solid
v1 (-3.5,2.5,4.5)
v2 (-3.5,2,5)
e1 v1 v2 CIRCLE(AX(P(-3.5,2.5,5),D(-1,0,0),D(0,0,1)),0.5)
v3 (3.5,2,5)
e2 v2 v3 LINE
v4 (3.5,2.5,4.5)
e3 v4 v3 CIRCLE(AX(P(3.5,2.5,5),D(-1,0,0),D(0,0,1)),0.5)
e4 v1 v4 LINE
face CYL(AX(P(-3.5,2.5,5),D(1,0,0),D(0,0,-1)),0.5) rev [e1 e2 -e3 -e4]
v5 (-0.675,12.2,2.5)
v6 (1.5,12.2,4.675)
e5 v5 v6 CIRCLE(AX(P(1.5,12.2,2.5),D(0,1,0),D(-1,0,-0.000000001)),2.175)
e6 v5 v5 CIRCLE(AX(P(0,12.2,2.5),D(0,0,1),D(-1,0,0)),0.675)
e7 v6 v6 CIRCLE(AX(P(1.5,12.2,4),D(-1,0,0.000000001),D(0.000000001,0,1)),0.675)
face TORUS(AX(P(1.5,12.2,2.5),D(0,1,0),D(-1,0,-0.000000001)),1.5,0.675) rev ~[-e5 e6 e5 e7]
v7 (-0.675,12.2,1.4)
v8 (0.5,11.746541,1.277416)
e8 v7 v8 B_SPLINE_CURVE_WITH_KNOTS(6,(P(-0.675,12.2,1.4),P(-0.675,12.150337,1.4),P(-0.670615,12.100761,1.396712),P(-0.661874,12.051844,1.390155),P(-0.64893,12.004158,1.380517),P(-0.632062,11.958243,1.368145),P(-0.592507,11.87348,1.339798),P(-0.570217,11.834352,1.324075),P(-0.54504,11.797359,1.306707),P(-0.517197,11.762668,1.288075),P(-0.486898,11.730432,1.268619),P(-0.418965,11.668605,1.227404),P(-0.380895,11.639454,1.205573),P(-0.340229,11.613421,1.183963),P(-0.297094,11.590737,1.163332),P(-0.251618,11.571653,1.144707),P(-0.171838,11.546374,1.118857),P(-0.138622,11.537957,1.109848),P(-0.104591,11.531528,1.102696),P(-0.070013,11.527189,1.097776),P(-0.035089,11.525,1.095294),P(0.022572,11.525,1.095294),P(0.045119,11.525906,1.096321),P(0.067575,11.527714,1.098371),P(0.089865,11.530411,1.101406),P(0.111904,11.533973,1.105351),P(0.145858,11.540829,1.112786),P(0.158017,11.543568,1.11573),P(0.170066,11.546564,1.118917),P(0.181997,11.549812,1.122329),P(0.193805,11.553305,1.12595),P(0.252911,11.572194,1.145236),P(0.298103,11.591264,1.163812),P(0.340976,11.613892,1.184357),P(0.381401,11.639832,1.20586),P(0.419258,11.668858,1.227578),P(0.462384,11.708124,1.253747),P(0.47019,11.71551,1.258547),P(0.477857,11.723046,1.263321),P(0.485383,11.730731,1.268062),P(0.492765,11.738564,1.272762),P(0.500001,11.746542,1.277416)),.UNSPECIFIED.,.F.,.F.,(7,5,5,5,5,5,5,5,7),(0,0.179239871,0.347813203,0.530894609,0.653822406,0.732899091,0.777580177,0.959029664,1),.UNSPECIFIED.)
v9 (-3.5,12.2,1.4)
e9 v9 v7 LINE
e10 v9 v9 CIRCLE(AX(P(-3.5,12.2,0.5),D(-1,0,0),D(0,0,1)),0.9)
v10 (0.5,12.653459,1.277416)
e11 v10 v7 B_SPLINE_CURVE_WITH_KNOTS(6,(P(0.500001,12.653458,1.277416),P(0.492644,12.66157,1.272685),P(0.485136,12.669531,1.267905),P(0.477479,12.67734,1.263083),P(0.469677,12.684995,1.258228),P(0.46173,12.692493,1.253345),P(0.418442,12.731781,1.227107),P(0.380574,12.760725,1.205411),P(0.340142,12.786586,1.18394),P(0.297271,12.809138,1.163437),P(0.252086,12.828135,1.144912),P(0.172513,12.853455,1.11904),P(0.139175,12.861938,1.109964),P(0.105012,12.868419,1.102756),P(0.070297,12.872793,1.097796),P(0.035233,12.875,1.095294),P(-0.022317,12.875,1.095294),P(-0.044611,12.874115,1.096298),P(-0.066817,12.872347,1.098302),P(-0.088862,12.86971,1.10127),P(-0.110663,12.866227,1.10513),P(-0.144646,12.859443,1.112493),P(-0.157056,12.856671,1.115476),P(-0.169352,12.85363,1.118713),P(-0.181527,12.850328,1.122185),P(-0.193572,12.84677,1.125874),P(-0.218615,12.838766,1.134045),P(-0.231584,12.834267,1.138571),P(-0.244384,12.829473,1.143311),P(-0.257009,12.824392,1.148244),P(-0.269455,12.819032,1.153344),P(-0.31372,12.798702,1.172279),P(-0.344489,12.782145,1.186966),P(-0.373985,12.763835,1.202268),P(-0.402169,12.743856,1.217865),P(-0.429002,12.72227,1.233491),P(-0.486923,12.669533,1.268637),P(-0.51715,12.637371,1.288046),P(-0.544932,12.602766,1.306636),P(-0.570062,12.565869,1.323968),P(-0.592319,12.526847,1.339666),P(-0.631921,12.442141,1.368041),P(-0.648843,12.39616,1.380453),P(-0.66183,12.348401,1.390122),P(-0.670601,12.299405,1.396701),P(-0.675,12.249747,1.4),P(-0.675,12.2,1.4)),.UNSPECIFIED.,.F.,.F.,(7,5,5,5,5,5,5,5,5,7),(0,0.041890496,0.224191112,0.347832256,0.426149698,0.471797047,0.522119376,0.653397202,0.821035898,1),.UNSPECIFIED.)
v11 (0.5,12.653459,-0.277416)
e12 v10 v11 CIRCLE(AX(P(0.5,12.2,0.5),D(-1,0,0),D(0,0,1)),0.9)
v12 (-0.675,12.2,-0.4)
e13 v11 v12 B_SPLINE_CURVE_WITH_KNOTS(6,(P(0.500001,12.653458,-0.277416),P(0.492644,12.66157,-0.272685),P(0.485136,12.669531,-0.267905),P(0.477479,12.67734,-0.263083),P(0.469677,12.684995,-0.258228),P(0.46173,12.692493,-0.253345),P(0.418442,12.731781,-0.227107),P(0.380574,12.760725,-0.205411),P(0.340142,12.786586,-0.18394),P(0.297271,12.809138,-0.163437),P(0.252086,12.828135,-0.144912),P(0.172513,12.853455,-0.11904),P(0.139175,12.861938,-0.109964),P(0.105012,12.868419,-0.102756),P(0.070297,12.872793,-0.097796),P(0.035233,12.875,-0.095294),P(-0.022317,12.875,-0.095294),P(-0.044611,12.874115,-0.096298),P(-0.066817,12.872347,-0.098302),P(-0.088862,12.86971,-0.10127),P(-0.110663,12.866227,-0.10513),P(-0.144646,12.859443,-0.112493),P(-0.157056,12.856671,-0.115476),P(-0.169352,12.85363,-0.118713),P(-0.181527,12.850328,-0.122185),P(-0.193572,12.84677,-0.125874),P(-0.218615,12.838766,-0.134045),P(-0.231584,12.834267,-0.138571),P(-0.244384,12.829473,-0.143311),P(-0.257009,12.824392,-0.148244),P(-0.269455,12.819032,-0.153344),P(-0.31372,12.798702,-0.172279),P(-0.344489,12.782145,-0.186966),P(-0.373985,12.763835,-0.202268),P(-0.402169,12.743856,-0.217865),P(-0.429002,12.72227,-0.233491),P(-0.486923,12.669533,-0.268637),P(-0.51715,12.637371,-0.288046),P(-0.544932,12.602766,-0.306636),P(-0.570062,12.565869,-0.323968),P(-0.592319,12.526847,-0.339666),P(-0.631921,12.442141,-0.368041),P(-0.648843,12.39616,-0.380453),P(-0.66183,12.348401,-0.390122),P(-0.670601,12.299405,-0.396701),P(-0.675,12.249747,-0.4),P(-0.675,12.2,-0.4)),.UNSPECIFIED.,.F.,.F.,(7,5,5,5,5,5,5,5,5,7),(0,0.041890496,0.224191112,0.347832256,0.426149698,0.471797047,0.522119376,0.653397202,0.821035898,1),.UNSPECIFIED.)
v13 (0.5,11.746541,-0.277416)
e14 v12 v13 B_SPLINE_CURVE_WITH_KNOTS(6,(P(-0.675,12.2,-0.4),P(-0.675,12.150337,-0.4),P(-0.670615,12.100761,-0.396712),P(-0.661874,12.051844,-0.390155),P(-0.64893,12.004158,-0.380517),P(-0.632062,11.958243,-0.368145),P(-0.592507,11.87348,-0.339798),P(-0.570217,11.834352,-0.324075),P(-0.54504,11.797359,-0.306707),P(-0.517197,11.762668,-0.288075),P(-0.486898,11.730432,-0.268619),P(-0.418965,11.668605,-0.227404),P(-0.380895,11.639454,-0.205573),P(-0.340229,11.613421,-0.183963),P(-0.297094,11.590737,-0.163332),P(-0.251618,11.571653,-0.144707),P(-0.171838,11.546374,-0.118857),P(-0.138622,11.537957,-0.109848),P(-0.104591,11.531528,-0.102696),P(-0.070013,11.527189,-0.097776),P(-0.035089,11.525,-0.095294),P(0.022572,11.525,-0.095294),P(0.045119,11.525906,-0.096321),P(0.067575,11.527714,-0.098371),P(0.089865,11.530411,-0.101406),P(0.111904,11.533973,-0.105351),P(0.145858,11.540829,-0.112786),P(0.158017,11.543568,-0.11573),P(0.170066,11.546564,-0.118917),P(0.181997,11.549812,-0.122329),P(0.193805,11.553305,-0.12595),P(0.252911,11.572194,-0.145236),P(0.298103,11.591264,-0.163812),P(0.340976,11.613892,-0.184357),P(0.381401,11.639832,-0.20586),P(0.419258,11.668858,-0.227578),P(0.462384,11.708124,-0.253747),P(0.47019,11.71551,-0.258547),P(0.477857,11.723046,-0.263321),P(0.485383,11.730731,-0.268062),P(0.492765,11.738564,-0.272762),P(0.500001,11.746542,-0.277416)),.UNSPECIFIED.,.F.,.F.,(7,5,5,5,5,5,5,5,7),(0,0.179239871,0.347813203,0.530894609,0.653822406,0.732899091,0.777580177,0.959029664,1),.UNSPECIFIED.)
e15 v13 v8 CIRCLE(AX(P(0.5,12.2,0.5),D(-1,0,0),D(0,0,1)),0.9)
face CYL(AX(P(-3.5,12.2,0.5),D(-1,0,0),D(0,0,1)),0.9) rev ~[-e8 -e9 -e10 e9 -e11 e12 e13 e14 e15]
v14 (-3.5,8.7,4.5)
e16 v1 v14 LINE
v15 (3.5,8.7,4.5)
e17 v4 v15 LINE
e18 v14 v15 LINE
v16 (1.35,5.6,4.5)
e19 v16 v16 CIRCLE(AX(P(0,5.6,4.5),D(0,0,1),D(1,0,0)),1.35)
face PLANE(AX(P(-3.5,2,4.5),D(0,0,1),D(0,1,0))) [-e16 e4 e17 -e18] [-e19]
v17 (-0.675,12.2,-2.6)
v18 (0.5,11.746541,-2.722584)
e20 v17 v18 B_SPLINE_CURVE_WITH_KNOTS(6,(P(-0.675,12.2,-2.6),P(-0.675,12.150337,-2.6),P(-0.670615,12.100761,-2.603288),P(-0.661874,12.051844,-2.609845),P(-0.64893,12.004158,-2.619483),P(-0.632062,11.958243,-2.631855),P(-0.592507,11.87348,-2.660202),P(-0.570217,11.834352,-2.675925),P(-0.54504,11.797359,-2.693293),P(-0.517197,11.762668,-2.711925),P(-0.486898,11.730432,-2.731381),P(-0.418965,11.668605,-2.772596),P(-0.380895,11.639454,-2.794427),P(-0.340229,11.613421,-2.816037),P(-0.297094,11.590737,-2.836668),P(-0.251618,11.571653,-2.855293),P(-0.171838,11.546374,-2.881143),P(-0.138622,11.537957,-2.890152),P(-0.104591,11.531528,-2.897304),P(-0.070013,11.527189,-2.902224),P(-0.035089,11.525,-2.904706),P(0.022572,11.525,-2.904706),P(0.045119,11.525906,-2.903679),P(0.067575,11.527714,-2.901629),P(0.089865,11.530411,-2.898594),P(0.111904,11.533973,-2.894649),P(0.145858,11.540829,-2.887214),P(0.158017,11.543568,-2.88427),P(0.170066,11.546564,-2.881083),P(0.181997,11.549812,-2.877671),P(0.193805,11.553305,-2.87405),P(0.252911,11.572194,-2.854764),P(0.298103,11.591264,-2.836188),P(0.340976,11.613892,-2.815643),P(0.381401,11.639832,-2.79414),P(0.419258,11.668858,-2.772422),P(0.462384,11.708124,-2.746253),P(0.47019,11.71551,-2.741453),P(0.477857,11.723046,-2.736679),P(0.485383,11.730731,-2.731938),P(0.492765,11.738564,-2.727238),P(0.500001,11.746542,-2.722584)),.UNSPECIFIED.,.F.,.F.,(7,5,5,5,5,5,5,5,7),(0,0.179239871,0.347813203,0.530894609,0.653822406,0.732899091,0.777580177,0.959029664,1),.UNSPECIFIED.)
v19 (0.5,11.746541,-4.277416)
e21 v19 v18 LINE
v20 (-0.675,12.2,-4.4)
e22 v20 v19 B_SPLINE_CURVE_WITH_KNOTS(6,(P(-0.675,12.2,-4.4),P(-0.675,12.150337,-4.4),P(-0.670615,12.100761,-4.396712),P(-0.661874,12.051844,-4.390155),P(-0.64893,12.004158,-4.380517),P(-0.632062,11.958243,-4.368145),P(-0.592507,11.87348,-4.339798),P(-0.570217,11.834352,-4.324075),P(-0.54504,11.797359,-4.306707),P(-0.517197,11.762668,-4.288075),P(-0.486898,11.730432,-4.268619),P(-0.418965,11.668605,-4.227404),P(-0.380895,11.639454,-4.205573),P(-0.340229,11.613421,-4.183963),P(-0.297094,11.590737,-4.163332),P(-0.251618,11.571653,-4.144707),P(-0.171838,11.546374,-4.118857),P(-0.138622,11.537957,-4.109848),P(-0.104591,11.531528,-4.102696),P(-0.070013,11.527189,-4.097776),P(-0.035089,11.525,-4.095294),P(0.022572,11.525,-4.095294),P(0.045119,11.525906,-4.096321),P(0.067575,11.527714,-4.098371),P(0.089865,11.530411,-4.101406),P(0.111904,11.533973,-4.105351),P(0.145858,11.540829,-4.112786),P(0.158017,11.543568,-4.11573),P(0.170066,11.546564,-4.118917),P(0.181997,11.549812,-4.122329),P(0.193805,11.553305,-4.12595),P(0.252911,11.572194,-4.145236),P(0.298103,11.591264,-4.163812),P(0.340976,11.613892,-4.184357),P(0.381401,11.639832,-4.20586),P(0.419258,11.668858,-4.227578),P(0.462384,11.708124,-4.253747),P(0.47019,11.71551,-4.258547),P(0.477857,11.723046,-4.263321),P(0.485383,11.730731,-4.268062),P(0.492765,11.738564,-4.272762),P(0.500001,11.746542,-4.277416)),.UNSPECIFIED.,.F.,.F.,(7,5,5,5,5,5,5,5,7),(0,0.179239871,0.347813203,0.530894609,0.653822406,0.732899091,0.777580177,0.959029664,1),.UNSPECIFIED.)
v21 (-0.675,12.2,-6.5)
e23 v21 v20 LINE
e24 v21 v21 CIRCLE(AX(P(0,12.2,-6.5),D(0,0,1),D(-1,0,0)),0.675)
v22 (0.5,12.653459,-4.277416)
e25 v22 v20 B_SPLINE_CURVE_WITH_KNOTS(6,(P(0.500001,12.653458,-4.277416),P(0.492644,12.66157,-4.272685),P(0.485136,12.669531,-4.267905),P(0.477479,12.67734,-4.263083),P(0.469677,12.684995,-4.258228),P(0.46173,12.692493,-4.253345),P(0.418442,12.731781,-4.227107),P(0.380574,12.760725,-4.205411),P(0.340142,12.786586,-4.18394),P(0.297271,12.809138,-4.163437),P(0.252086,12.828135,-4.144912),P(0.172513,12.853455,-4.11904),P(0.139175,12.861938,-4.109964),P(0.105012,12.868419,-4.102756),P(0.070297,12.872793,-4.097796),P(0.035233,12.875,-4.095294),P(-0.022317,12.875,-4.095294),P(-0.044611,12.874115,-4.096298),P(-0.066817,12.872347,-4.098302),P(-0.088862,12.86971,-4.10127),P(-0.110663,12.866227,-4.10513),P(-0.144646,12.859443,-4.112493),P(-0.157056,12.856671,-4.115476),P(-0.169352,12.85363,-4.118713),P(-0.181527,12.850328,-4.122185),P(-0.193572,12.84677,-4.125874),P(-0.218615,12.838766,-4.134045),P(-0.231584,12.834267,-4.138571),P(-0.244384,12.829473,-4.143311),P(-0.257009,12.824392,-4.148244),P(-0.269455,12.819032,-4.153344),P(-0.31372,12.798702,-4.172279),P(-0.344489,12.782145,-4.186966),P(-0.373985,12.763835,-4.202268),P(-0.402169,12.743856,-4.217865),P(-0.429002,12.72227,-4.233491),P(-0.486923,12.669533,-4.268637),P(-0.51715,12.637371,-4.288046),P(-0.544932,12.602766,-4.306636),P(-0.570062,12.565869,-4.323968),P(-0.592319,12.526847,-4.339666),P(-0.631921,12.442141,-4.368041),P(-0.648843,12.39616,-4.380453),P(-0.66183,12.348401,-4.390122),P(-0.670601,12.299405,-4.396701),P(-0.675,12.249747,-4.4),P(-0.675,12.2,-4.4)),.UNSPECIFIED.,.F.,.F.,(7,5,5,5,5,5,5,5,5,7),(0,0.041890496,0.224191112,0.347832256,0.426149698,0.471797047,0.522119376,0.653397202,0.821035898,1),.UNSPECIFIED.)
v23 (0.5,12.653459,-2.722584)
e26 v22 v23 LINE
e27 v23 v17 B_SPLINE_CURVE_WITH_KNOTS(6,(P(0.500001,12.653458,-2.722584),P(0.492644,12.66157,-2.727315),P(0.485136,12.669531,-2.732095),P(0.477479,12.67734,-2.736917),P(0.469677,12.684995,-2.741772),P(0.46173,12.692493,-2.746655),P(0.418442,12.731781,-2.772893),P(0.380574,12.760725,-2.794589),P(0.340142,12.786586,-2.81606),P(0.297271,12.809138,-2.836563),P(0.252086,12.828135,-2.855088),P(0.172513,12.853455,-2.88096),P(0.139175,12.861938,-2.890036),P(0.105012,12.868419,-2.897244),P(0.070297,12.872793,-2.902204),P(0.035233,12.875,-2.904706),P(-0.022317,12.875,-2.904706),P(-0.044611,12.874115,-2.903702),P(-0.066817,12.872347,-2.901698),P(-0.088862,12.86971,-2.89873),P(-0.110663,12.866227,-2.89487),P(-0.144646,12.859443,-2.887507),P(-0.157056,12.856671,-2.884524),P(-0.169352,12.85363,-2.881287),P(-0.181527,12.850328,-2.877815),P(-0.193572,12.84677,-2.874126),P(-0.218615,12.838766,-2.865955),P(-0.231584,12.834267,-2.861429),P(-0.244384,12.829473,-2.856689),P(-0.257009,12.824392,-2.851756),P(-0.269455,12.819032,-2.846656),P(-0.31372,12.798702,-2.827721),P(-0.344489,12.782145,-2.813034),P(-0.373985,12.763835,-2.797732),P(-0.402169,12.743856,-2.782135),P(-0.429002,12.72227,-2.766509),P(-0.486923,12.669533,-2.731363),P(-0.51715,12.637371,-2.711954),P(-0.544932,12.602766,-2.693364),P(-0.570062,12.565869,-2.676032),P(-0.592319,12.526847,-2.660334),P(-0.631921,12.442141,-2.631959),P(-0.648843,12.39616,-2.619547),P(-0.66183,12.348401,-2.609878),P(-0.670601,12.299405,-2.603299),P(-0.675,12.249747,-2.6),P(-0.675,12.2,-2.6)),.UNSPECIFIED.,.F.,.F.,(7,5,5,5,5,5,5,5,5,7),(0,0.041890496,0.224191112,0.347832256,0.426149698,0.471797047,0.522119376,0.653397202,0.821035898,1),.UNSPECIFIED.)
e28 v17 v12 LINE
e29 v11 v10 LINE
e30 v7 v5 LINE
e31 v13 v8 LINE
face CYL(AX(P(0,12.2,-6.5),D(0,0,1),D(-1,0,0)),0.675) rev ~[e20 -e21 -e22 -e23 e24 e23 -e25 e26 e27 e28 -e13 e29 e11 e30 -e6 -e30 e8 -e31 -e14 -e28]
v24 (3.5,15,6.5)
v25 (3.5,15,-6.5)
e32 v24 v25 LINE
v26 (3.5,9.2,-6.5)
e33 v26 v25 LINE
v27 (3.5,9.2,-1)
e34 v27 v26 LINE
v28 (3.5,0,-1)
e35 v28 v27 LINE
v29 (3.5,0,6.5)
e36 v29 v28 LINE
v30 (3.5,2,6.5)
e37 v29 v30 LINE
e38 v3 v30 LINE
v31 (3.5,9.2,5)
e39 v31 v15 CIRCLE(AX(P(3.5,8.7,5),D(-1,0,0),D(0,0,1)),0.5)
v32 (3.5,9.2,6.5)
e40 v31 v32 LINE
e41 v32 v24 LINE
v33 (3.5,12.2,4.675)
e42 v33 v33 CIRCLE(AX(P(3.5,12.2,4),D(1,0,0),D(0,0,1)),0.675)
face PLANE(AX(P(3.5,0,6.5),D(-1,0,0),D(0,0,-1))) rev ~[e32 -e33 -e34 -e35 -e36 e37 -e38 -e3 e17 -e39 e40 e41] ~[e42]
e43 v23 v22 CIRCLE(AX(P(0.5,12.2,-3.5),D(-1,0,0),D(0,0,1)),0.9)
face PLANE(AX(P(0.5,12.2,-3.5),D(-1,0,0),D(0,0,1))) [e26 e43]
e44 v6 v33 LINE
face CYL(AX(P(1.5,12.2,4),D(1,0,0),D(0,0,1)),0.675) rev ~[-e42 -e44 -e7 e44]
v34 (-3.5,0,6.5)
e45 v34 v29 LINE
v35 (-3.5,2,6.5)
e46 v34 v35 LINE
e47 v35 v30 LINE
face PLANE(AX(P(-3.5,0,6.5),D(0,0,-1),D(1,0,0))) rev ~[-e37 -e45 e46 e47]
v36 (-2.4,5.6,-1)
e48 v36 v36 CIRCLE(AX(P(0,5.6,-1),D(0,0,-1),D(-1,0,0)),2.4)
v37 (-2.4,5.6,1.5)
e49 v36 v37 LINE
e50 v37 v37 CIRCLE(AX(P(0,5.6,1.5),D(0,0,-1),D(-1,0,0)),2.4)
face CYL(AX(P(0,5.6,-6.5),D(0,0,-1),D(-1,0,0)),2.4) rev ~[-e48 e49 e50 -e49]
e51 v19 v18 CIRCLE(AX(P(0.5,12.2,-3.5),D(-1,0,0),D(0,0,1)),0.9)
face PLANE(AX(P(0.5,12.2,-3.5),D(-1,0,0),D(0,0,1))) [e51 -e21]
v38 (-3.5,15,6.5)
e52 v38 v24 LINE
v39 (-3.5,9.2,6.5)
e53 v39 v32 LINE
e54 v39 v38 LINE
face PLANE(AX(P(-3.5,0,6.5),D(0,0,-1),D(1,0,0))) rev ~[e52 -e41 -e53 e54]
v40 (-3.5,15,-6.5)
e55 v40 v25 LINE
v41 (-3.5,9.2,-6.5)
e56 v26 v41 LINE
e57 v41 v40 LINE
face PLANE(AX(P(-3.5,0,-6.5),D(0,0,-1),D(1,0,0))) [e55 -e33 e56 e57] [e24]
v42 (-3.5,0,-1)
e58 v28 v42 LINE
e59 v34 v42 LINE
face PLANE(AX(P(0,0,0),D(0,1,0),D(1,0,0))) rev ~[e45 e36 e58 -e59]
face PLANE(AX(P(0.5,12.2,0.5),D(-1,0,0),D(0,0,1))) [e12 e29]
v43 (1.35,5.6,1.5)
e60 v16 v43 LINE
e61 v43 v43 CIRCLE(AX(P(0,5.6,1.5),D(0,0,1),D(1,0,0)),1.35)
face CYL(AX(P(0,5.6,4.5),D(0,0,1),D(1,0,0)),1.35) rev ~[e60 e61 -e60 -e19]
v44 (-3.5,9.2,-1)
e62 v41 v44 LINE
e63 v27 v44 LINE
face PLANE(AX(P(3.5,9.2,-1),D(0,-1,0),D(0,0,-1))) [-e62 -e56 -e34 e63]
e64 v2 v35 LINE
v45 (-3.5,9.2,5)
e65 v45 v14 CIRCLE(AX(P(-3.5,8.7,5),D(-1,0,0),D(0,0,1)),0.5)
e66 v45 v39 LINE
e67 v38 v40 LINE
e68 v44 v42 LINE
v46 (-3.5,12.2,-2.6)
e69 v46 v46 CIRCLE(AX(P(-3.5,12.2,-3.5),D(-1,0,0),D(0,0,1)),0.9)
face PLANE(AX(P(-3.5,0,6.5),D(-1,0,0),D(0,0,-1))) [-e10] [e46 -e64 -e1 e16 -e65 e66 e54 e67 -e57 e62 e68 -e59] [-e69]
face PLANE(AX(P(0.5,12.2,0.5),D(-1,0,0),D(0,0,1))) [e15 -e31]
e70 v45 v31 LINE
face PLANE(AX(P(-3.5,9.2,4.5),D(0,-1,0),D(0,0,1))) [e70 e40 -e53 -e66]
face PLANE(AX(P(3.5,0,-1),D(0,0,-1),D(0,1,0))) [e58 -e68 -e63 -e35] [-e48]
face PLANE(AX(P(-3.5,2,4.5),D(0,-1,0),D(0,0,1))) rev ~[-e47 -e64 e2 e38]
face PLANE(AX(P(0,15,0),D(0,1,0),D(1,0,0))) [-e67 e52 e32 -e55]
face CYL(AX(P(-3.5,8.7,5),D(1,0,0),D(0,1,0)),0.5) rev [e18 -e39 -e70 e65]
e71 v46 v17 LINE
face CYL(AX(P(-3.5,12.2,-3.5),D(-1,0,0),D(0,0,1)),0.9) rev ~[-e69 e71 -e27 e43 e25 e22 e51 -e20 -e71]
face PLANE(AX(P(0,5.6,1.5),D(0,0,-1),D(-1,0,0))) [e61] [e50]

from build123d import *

# Parameters (mm, degrees)
SKETCH1_W           = 7
SKETCH1_H           = 13
BOSS_EXTRUDE1_DEPTH = 15
SKETCH9_W           = 2
SKETCH9_H           = 7.2
CUT_EXTRUDE6_DEPTH  = 18.783419244
SKETCH20_R          = 1.35
CUT_EXTRUDE13_DEPTH = 19.927493231
SKETCH21_R          = 2.4
CUT_EXTRUDE14_DEPTH = 8
FILLET1_R           = 0.5
SKETCH17_R          = 0.675
SKETCH19_R          = 0.9
CUT_EXTRUDE12_DEPTH = 4
SKETCH22_W          = 5.5
SKETCH22_H          = 9.2
CUT_EXTRUDE15_DEPTH = 18.78341932


with BuildPart() as part:
    # Sketch1 → Boss-Extrude1 (new body)
    with BuildSketch(Plane(origin=(0, 0, 0), x_dir=(1, 0, 0), z_dir=(0, 1, 0))):
        Rectangle(SKETCH1_W, SKETCH1_H)
    extrude(amount=BOSS_EXTRUDE1_DEPTH)

    # Sketch9 → Cut-Extrude6 (cut, through all)
    with BuildSketch(Plane.ZY.offset(3.5)):
        with Locations((5.5, 5.6)):
            Rectangle(SKETCH9_W, SKETCH9_H)
    extrude(amount=-CUT_EXTRUDE6_DEPTH, mode=Mode.SUBTRACT)

    # Sketch20 → Cut-Extrude13 (cut, through all)
    with BuildSketch(Plane.XY.offset(4.5)):
        with Locations((0, 5.6)):
            Circle(SKETCH20_R)
    extrude(amount=-CUT_EXTRUDE13_DEPTH, mode=Mode.SUBTRACT)

    # Sketch21 → Cut-Extrude14 (cut)
    with BuildSketch(Plane(origin=(0, 0, -6.5), x_dir=(-1, 0, 0), z_dir=(0, 0, -1))):
        with Locations((0, 5.6)):
            Circle(SKETCH21_R)
    extrude(amount=-CUT_EXTRUDE14_DEPTH, mode=Mode.SUBTRACT)

    # Fillet1
    fillet1_edges = [part.edges().sort_by_distance(p)[0] for p in [
        (0, 2, 4.5),
        (0, 9.2, 4.5),
    ]]
    fillet(fillet1_edges, radius=FILLET1_R)

    # Cut-Sweep1: sweep along a path in Sketch16
    with BuildLine(Plane(origin=(0, 12.2, 0), x_dir=(-1, 0, 0), z_dir=(0, -1, 0))) as cut_sweep1_path:
        Line((0, 6.5), (0, -2.5))
        ThreePointArc((0, -2.5), (-0.439339828, -3.560660172), (-1.5, -4))
        Line((-1.5, -4), (-3.5, -4))
    # Sketch17 → Cut-Sweep1 (sweep, cut)
    with BuildSketch(Plane(origin=(0, 0, -6.5), x_dir=(-1, 0, 0), z_dir=(0, 0, -1))):
        with Locations((0, 12.2)):
            Circle(SKETCH17_R)
    sweep(path=cut_sweep1_path.line, mode=Mode.SUBTRACT)

    # Sketch19 → Cut-Extrude12 (cut)
    with BuildSketch(Plane.ZY.offset(3.5)):
        with Locations((0.5, 12.2)):
            Circle(SKETCH19_R)
        with Locations((-3.5, 12.2)):
            Circle(SKETCH19_R)
    extrude(amount=-CUT_EXTRUDE12_DEPTH, mode=Mode.SUBTRACT)

    # Sketch22 → Cut-Extrude15 (cut, through all)
    with BuildSketch(Plane(origin=(3.5, 0, 0), x_dir=(0, 0, -1), z_dir=(1, 0, 0))):
        with Locations((3.75, 4.6)):
            Rectangle(SKETCH22_W, SKETCH22_H)
    extrude(amount=-CUT_EXTRUDE15_DEPTH, mode=Mode.SUBTRACT)


solid = part.part
